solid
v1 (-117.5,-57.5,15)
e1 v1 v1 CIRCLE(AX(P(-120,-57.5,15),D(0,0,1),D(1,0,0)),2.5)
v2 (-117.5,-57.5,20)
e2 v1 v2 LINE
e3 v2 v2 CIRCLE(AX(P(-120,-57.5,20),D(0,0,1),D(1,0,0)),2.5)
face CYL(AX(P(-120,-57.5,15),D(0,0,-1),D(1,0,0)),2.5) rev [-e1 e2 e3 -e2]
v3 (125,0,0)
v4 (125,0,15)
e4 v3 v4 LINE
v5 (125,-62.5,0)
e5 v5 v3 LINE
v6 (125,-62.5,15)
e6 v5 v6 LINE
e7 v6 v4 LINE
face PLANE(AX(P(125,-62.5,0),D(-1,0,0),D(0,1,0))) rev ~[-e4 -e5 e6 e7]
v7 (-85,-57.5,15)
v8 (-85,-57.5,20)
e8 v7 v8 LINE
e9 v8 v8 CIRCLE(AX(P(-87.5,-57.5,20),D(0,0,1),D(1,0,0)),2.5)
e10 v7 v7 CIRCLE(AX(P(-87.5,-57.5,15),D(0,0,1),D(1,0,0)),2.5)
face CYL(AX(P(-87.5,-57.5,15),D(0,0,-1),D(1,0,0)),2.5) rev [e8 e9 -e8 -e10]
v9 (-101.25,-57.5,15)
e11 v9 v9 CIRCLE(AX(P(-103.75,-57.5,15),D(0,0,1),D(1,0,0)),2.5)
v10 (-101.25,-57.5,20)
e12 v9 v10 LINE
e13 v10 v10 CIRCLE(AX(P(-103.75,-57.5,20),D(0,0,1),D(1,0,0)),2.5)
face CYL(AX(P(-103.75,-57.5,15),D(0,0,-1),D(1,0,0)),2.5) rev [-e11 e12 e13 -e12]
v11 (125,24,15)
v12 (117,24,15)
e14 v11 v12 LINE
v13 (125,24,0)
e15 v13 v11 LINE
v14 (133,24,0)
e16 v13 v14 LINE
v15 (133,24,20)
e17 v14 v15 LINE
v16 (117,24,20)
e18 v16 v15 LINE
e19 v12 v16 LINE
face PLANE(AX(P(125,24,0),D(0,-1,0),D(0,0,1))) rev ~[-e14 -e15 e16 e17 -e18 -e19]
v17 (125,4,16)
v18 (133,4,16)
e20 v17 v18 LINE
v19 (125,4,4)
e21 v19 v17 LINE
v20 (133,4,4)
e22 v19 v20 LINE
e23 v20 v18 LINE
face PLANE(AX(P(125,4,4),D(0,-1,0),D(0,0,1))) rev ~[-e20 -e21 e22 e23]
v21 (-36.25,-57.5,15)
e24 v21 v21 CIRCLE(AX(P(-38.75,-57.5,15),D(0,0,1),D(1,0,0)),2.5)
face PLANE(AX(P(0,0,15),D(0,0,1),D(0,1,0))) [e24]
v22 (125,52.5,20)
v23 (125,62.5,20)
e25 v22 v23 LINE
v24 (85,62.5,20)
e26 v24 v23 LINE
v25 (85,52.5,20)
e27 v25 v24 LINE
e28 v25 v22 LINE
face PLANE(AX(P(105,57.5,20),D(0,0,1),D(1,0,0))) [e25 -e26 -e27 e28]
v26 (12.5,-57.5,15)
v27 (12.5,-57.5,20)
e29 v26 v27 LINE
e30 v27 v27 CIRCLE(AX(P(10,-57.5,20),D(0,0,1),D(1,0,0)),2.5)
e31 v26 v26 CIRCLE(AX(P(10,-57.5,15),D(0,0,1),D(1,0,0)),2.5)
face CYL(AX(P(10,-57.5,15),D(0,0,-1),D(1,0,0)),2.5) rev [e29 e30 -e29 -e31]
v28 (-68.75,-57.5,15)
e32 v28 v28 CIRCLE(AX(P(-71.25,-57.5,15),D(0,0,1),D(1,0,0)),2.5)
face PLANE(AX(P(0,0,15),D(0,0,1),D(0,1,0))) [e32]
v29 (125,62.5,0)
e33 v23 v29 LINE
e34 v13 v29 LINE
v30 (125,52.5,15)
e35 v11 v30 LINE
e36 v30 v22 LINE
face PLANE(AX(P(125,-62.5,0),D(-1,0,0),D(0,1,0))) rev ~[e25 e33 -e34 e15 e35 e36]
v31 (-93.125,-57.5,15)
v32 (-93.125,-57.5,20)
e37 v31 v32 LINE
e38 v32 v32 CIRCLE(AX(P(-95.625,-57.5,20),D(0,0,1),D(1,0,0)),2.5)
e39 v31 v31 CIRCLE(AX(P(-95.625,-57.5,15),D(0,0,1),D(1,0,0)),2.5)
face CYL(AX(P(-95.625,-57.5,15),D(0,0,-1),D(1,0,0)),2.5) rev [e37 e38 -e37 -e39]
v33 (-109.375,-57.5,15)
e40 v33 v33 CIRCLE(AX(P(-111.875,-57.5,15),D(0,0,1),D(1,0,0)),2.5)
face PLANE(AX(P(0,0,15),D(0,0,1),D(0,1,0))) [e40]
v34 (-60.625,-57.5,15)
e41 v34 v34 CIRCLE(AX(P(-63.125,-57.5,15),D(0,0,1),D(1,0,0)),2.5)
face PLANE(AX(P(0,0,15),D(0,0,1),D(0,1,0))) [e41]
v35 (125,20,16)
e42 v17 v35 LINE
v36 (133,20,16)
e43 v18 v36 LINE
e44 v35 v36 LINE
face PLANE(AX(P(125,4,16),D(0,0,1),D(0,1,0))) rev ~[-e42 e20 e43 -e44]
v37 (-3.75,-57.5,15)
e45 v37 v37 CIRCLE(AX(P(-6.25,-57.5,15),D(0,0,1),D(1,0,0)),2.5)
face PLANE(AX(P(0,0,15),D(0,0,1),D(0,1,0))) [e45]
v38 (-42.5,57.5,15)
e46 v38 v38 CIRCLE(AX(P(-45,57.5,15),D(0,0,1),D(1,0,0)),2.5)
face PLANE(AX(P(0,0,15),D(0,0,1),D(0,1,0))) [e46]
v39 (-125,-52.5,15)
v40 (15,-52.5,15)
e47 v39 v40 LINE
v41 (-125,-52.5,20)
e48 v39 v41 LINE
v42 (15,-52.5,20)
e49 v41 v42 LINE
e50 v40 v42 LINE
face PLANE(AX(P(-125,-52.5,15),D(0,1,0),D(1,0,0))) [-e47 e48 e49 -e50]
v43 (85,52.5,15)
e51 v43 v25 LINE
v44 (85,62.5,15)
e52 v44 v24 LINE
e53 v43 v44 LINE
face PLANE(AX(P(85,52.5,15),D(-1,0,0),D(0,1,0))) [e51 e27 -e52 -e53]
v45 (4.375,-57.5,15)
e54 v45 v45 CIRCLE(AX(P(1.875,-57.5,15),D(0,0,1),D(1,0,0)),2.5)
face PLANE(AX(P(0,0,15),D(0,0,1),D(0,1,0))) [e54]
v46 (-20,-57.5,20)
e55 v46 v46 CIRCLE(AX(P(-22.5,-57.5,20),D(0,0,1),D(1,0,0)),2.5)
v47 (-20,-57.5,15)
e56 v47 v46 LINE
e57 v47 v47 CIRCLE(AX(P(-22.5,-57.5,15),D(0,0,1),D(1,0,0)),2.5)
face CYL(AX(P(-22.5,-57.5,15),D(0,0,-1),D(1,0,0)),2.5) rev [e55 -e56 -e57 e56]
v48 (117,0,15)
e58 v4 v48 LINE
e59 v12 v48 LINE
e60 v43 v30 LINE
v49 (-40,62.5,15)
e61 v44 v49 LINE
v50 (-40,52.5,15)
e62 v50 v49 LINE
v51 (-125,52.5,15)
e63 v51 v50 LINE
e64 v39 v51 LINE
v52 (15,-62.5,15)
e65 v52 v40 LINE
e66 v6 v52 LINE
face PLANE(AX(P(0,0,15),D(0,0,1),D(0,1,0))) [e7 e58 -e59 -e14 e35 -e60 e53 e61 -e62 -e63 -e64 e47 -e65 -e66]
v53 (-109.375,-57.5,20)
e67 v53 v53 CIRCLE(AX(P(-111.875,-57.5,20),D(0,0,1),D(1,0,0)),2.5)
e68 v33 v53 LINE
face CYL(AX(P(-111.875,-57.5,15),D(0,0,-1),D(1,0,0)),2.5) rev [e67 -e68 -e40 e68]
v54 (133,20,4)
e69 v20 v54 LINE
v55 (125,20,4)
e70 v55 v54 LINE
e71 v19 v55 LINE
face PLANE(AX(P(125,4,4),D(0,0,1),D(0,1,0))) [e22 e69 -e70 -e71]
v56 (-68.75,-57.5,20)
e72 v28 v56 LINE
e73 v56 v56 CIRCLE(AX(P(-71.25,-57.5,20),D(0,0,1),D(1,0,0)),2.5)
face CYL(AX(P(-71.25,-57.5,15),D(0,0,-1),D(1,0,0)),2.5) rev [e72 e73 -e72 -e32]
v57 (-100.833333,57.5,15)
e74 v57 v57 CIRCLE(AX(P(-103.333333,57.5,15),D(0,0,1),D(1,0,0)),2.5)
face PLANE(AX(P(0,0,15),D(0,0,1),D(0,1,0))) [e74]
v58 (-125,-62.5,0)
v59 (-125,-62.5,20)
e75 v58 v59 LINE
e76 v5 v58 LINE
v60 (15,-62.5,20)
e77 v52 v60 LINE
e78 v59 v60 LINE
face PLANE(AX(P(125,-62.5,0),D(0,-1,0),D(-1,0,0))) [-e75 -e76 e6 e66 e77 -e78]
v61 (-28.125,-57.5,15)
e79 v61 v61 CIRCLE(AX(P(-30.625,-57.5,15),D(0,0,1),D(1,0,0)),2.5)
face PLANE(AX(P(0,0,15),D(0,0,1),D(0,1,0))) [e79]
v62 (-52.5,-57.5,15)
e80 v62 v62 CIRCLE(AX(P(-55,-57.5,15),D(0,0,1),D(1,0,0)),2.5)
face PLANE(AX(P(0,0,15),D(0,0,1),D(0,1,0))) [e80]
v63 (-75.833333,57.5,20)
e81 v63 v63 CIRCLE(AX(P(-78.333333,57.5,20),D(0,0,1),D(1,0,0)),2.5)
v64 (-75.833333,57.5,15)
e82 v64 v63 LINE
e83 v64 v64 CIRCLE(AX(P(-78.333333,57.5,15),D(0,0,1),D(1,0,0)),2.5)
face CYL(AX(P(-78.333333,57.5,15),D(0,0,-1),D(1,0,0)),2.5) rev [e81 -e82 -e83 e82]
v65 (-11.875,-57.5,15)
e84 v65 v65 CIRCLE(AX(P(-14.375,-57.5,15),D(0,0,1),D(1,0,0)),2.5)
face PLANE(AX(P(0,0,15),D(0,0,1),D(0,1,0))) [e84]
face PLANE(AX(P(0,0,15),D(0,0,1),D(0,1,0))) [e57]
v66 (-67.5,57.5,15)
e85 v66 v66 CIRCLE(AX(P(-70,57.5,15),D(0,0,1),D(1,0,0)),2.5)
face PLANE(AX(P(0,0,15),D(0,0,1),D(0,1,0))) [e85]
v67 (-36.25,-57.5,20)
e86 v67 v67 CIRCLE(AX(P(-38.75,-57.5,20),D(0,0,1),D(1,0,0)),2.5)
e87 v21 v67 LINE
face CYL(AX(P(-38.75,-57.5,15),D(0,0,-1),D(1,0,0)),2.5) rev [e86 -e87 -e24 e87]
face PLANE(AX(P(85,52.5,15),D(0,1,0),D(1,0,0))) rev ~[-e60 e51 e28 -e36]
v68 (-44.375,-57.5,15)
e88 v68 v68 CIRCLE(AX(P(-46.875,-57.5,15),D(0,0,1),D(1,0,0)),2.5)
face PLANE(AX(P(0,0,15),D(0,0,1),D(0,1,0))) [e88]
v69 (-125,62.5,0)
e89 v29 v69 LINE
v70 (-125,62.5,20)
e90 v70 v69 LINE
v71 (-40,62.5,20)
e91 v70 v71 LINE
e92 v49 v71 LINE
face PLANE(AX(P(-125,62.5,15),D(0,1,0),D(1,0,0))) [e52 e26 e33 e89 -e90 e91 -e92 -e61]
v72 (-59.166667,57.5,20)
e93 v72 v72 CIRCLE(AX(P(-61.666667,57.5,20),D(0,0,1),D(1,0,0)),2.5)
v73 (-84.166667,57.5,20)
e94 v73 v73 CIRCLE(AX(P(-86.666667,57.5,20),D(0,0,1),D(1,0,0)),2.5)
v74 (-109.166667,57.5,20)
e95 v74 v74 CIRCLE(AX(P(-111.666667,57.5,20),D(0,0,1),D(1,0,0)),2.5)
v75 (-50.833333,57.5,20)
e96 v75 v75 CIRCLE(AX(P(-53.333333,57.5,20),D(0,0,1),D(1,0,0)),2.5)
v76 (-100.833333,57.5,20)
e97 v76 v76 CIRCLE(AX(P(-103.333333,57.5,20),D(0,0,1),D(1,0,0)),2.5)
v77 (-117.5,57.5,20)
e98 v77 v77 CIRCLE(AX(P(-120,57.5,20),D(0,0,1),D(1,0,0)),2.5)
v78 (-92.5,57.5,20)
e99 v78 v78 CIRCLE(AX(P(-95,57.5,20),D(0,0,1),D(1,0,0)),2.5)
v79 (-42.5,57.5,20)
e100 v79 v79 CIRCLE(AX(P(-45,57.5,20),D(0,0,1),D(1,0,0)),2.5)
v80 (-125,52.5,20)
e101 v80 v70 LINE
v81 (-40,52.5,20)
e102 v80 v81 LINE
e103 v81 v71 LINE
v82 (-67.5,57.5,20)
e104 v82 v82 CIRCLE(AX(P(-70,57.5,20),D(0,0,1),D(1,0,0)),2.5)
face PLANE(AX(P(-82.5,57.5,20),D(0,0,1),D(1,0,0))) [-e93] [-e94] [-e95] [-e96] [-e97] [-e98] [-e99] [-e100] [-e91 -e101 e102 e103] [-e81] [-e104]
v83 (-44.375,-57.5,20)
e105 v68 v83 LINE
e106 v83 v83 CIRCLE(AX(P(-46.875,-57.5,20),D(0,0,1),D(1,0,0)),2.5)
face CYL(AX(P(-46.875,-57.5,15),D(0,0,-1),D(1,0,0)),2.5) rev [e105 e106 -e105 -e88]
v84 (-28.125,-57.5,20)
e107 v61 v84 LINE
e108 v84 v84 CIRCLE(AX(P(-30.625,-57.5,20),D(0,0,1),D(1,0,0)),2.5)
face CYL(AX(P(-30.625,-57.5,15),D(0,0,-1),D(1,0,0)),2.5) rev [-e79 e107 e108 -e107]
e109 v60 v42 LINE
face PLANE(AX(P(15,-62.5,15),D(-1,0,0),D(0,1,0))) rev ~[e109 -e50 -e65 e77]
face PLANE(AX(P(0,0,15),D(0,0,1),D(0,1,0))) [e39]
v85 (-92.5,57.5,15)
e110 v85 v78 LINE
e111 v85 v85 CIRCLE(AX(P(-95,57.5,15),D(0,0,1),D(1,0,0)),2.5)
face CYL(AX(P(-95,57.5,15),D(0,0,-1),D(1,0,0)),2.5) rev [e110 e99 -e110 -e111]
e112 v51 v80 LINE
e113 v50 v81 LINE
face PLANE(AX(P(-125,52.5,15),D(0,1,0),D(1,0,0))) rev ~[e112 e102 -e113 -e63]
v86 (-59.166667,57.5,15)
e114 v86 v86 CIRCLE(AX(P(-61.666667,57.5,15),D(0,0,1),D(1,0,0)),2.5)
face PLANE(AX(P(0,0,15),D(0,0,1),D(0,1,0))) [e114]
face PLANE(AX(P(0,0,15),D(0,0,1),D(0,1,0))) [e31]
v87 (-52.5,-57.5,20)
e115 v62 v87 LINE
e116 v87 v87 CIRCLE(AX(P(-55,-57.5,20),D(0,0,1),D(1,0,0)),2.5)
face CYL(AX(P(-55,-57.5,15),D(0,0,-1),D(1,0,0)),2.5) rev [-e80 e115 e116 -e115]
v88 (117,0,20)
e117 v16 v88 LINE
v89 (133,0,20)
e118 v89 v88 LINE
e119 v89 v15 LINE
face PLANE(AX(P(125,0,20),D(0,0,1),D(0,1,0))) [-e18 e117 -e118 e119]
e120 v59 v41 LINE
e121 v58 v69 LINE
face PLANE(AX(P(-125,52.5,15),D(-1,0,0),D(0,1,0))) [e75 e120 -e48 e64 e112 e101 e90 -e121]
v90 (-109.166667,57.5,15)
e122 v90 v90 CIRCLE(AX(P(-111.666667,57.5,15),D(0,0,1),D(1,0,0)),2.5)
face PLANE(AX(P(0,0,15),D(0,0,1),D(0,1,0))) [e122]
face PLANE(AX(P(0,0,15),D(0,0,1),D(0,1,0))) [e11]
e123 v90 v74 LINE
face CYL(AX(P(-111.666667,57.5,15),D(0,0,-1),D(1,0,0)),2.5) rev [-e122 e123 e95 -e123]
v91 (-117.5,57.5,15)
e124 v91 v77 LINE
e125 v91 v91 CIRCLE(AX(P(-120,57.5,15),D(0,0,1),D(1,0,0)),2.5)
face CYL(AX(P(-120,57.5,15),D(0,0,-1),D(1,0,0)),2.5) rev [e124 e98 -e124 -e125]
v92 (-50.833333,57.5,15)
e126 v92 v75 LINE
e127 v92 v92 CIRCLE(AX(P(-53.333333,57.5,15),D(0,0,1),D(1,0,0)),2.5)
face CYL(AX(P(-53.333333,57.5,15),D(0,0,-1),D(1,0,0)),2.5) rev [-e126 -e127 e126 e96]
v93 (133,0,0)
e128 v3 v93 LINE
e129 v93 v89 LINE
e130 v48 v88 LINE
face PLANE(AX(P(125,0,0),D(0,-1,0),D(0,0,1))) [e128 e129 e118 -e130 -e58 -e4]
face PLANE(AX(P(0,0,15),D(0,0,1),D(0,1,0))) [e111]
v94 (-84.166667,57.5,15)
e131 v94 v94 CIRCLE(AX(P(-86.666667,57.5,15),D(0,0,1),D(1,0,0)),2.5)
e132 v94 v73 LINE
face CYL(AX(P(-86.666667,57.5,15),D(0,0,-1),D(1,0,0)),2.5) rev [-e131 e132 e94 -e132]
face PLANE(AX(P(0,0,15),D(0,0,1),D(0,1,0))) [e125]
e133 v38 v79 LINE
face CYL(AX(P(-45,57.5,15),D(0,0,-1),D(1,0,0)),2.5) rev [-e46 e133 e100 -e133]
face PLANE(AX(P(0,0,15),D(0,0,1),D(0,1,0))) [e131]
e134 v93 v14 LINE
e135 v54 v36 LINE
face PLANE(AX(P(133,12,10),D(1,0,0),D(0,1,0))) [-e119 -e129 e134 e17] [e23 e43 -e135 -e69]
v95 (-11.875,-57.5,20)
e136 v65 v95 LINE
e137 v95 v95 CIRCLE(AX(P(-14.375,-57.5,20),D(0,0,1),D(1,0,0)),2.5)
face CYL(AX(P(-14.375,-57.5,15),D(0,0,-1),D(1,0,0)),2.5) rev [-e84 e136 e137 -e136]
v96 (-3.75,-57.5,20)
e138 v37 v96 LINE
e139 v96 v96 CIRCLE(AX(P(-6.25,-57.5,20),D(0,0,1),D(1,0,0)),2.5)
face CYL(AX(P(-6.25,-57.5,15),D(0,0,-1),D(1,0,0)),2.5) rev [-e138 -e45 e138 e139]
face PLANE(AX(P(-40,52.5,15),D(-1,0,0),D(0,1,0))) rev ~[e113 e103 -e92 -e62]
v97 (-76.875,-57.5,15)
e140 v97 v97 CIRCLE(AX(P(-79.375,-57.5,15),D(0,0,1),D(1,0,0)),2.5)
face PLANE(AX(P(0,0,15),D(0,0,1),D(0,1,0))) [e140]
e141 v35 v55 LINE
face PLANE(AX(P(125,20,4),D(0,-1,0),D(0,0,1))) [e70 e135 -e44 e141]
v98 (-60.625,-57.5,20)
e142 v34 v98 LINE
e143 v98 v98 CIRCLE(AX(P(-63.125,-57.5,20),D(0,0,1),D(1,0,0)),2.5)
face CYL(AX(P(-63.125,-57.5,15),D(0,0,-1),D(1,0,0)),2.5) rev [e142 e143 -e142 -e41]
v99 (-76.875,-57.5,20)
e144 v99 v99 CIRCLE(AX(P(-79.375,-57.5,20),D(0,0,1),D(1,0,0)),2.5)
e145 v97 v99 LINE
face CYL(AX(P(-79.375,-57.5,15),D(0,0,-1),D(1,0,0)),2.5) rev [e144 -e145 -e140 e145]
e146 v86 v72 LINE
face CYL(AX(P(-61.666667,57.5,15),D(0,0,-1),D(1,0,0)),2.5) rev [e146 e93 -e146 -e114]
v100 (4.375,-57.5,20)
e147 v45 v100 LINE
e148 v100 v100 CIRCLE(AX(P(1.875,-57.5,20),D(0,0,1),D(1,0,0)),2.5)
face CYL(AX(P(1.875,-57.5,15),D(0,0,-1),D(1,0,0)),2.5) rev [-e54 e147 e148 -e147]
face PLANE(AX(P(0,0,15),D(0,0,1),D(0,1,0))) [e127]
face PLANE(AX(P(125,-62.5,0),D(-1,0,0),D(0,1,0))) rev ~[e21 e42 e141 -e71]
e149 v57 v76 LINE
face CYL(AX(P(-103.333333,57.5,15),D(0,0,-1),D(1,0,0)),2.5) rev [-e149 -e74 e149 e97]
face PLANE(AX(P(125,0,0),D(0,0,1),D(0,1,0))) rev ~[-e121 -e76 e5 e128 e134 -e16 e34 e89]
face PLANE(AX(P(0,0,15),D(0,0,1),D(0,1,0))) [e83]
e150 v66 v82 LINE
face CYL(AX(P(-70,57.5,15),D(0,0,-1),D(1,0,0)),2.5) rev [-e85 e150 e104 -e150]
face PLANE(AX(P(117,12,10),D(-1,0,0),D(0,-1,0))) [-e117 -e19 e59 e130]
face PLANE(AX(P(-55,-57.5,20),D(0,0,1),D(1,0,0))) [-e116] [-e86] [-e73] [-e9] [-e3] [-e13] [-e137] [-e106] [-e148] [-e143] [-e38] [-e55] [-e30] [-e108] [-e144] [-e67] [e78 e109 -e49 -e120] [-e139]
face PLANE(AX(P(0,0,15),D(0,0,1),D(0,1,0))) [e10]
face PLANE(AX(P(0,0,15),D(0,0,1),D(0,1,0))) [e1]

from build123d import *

# Parameters (mm, degrees)
SKETCH1_W           = 125
SKETCH1_H           = 250
BOSS_EXTRUDE1_DEPTH = 15
SKETCH2_W           = 85
SKETCH2_H           = 10
SKETCH2_R           = 2.5
SKETCH2_W_2         = 140
SKETCH2_W_3         = 40
BOSS_EXTRUDE2_DEPTH = 5
SKETCH3_W           = 24
SKETCH3_H           = 20
SKETCH3_W_2         = 16
SKETCH3_H_2         = 12
BOSS_EXTRUDE3_DEPTH = 8
SKETCH4_W           = 24
SKETCH4_H           = 20
BOSS_EXTRUDE4_DEPTH = 8


with BuildPart() as part:
    # Sketch1 → Boss-Extrude1 (new body)
    with BuildSketch(Plane(origin=(0, 0, 0), x_dir=(0, 1, 0), z_dir=(0, 0, 1))):
        Rectangle(SKETCH1_W, SKETCH1_H)
    extrude(amount=BOSS_EXTRUDE1_DEPTH)

    # Sketch2 → Boss-Extrude2 (add)
    # profile 1 of 3: a face of its own
    with BuildSketch(Plane.XY.offset(15)):
        with Locations((-82.5, 57.5)):
            Rectangle(SKETCH2_W, SKETCH2_H)
        with Locations((-120, 57.5)):
            Circle(SKETCH2_R, mode=Mode.SUBTRACT)
        with Locations((-111.666666667, 57.5)):
            Circle(SKETCH2_R, mode=Mode.SUBTRACT)
        with Locations((-103.333333333, 57.5)):
            Circle(SKETCH2_R, mode=Mode.SUBTRACT)
        with Locations((-95, 57.5)):
            Circle(SKETCH2_R, mode=Mode.SUBTRACT)
        with Locations((-86.666666667, 57.5)):
            Circle(SKETCH2_R, mode=Mode.SUBTRACT)
        with Locations((-78.333333333, 57.5)):
            Circle(SKETCH2_R, mode=Mode.SUBTRACT)
        with Locations((-70, 57.5)):
            Circle(SKETCH2_R, mode=Mode.SUBTRACT)
        with Locations((-61.666666667, 57.5)):
            Circle(SKETCH2_R, mode=Mode.SUBTRACT)
        with Locations((-53.333333333, 57.5)):
            Circle(SKETCH2_R, mode=Mode.SUBTRACT)
        with Locations((-45, 57.5)):
            Circle(SKETCH2_R, mode=Mode.SUBTRACT)
    # profile 2 of 3: a face of its own
    with BuildSketch(Plane.XY.offset(15)):
        with Locations((-55, -57.5)):
            Rectangle(SKETCH2_W_2, SKETCH2_H)
        with Locations((-120, -57.5)):
            Circle(SKETCH2_R, mode=Mode.SUBTRACT)
        with Locations((-111.875, -57.5)):
            Circle(SKETCH2_R, mode=Mode.SUBTRACT)
        with Locations((-103.75, -57.5)):
            Circle(SKETCH2_R, mode=Mode.SUBTRACT)
        with Locations((-95.625, -57.5)):
            Circle(SKETCH2_R, mode=Mode.SUBTRACT)
        with Locations((-87.5, -57.5)):
            Circle(SKETCH2_R, mode=Mode.SUBTRACT)
        with Locations((-79.375, -57.5)):
            Circle(SKETCH2_R, mode=Mode.SUBTRACT)
        with Locations((-71.25, -57.5)):
            Circle(SKETCH2_R, mode=Mode.SUBTRACT)
        with Locations((-63.125, -57.5)):
            Circle(SKETCH2_R, mode=Mode.SUBTRACT)
        with Locations((-55, -57.5)):
            Circle(SKETCH2_R, mode=Mode.SUBTRACT)
        with Locations((-46.875, -57.5)):
            Circle(SKETCH2_R, mode=Mode.SUBTRACT)
        with Locations((-38.75, -57.5)):
            Circle(SKETCH2_R, mode=Mode.SUBTRACT)
        with Locations((-30.625, -57.5)):
            Circle(SKETCH2_R, mode=Mode.SUBTRACT)
        with Locations((-22.5, -57.5)):
            Circle(SKETCH2_R, mode=Mode.SUBTRACT)
        with Locations((-14.375, -57.5)):
            Circle(SKETCH2_R, mode=Mode.SUBTRACT)
        with Locations((-6.25, -57.5)):
            Circle(SKETCH2_R, mode=Mode.SUBTRACT)
        with Locations((1.875, -57.5)):
            Circle(SKETCH2_R, mode=Mode.SUBTRACT)
        with Locations((10, -57.5)):
            Circle(SKETCH2_R, mode=Mode.SUBTRACT)
    # profile 3 of 3: a face of its own
    with BuildSketch(Plane.XY.offset(15)):
        with Locations((105, 57.5)):
            Rectangle(SKETCH2_W_3, SKETCH2_H)
    extrude(amount=BOSS_EXTRUDE2_DEPTH)

    # Sketch3 → Boss-Extrude3 (add)
    with BuildSketch(Plane.YZ.offset(125)):
        with Locations((12, 10)):
            Rectangle(SKETCH3_W, SKETCH3_H)
        with Locations((12, 10)):
            Rectangle(SKETCH3_W_2, SKETCH3_H_2, mode=Mode.SUBTRACT)
    extrude(amount=BOSS_EXTRUDE3_DEPTH)

    # Sketch4 → Boss-Extrude4 (add)
    with BuildSketch(Plane(origin=(125, 0, 0), x_dir=(0, -1, 0), z_dir=(-1, 0, 0))):
        with Locations((-12, 10)):
            Rectangle(SKETCH4_W, SKETCH4_H)
    extrude(amount=BOSS_EXTRUDE4_DEPTH)


solid = part.part
